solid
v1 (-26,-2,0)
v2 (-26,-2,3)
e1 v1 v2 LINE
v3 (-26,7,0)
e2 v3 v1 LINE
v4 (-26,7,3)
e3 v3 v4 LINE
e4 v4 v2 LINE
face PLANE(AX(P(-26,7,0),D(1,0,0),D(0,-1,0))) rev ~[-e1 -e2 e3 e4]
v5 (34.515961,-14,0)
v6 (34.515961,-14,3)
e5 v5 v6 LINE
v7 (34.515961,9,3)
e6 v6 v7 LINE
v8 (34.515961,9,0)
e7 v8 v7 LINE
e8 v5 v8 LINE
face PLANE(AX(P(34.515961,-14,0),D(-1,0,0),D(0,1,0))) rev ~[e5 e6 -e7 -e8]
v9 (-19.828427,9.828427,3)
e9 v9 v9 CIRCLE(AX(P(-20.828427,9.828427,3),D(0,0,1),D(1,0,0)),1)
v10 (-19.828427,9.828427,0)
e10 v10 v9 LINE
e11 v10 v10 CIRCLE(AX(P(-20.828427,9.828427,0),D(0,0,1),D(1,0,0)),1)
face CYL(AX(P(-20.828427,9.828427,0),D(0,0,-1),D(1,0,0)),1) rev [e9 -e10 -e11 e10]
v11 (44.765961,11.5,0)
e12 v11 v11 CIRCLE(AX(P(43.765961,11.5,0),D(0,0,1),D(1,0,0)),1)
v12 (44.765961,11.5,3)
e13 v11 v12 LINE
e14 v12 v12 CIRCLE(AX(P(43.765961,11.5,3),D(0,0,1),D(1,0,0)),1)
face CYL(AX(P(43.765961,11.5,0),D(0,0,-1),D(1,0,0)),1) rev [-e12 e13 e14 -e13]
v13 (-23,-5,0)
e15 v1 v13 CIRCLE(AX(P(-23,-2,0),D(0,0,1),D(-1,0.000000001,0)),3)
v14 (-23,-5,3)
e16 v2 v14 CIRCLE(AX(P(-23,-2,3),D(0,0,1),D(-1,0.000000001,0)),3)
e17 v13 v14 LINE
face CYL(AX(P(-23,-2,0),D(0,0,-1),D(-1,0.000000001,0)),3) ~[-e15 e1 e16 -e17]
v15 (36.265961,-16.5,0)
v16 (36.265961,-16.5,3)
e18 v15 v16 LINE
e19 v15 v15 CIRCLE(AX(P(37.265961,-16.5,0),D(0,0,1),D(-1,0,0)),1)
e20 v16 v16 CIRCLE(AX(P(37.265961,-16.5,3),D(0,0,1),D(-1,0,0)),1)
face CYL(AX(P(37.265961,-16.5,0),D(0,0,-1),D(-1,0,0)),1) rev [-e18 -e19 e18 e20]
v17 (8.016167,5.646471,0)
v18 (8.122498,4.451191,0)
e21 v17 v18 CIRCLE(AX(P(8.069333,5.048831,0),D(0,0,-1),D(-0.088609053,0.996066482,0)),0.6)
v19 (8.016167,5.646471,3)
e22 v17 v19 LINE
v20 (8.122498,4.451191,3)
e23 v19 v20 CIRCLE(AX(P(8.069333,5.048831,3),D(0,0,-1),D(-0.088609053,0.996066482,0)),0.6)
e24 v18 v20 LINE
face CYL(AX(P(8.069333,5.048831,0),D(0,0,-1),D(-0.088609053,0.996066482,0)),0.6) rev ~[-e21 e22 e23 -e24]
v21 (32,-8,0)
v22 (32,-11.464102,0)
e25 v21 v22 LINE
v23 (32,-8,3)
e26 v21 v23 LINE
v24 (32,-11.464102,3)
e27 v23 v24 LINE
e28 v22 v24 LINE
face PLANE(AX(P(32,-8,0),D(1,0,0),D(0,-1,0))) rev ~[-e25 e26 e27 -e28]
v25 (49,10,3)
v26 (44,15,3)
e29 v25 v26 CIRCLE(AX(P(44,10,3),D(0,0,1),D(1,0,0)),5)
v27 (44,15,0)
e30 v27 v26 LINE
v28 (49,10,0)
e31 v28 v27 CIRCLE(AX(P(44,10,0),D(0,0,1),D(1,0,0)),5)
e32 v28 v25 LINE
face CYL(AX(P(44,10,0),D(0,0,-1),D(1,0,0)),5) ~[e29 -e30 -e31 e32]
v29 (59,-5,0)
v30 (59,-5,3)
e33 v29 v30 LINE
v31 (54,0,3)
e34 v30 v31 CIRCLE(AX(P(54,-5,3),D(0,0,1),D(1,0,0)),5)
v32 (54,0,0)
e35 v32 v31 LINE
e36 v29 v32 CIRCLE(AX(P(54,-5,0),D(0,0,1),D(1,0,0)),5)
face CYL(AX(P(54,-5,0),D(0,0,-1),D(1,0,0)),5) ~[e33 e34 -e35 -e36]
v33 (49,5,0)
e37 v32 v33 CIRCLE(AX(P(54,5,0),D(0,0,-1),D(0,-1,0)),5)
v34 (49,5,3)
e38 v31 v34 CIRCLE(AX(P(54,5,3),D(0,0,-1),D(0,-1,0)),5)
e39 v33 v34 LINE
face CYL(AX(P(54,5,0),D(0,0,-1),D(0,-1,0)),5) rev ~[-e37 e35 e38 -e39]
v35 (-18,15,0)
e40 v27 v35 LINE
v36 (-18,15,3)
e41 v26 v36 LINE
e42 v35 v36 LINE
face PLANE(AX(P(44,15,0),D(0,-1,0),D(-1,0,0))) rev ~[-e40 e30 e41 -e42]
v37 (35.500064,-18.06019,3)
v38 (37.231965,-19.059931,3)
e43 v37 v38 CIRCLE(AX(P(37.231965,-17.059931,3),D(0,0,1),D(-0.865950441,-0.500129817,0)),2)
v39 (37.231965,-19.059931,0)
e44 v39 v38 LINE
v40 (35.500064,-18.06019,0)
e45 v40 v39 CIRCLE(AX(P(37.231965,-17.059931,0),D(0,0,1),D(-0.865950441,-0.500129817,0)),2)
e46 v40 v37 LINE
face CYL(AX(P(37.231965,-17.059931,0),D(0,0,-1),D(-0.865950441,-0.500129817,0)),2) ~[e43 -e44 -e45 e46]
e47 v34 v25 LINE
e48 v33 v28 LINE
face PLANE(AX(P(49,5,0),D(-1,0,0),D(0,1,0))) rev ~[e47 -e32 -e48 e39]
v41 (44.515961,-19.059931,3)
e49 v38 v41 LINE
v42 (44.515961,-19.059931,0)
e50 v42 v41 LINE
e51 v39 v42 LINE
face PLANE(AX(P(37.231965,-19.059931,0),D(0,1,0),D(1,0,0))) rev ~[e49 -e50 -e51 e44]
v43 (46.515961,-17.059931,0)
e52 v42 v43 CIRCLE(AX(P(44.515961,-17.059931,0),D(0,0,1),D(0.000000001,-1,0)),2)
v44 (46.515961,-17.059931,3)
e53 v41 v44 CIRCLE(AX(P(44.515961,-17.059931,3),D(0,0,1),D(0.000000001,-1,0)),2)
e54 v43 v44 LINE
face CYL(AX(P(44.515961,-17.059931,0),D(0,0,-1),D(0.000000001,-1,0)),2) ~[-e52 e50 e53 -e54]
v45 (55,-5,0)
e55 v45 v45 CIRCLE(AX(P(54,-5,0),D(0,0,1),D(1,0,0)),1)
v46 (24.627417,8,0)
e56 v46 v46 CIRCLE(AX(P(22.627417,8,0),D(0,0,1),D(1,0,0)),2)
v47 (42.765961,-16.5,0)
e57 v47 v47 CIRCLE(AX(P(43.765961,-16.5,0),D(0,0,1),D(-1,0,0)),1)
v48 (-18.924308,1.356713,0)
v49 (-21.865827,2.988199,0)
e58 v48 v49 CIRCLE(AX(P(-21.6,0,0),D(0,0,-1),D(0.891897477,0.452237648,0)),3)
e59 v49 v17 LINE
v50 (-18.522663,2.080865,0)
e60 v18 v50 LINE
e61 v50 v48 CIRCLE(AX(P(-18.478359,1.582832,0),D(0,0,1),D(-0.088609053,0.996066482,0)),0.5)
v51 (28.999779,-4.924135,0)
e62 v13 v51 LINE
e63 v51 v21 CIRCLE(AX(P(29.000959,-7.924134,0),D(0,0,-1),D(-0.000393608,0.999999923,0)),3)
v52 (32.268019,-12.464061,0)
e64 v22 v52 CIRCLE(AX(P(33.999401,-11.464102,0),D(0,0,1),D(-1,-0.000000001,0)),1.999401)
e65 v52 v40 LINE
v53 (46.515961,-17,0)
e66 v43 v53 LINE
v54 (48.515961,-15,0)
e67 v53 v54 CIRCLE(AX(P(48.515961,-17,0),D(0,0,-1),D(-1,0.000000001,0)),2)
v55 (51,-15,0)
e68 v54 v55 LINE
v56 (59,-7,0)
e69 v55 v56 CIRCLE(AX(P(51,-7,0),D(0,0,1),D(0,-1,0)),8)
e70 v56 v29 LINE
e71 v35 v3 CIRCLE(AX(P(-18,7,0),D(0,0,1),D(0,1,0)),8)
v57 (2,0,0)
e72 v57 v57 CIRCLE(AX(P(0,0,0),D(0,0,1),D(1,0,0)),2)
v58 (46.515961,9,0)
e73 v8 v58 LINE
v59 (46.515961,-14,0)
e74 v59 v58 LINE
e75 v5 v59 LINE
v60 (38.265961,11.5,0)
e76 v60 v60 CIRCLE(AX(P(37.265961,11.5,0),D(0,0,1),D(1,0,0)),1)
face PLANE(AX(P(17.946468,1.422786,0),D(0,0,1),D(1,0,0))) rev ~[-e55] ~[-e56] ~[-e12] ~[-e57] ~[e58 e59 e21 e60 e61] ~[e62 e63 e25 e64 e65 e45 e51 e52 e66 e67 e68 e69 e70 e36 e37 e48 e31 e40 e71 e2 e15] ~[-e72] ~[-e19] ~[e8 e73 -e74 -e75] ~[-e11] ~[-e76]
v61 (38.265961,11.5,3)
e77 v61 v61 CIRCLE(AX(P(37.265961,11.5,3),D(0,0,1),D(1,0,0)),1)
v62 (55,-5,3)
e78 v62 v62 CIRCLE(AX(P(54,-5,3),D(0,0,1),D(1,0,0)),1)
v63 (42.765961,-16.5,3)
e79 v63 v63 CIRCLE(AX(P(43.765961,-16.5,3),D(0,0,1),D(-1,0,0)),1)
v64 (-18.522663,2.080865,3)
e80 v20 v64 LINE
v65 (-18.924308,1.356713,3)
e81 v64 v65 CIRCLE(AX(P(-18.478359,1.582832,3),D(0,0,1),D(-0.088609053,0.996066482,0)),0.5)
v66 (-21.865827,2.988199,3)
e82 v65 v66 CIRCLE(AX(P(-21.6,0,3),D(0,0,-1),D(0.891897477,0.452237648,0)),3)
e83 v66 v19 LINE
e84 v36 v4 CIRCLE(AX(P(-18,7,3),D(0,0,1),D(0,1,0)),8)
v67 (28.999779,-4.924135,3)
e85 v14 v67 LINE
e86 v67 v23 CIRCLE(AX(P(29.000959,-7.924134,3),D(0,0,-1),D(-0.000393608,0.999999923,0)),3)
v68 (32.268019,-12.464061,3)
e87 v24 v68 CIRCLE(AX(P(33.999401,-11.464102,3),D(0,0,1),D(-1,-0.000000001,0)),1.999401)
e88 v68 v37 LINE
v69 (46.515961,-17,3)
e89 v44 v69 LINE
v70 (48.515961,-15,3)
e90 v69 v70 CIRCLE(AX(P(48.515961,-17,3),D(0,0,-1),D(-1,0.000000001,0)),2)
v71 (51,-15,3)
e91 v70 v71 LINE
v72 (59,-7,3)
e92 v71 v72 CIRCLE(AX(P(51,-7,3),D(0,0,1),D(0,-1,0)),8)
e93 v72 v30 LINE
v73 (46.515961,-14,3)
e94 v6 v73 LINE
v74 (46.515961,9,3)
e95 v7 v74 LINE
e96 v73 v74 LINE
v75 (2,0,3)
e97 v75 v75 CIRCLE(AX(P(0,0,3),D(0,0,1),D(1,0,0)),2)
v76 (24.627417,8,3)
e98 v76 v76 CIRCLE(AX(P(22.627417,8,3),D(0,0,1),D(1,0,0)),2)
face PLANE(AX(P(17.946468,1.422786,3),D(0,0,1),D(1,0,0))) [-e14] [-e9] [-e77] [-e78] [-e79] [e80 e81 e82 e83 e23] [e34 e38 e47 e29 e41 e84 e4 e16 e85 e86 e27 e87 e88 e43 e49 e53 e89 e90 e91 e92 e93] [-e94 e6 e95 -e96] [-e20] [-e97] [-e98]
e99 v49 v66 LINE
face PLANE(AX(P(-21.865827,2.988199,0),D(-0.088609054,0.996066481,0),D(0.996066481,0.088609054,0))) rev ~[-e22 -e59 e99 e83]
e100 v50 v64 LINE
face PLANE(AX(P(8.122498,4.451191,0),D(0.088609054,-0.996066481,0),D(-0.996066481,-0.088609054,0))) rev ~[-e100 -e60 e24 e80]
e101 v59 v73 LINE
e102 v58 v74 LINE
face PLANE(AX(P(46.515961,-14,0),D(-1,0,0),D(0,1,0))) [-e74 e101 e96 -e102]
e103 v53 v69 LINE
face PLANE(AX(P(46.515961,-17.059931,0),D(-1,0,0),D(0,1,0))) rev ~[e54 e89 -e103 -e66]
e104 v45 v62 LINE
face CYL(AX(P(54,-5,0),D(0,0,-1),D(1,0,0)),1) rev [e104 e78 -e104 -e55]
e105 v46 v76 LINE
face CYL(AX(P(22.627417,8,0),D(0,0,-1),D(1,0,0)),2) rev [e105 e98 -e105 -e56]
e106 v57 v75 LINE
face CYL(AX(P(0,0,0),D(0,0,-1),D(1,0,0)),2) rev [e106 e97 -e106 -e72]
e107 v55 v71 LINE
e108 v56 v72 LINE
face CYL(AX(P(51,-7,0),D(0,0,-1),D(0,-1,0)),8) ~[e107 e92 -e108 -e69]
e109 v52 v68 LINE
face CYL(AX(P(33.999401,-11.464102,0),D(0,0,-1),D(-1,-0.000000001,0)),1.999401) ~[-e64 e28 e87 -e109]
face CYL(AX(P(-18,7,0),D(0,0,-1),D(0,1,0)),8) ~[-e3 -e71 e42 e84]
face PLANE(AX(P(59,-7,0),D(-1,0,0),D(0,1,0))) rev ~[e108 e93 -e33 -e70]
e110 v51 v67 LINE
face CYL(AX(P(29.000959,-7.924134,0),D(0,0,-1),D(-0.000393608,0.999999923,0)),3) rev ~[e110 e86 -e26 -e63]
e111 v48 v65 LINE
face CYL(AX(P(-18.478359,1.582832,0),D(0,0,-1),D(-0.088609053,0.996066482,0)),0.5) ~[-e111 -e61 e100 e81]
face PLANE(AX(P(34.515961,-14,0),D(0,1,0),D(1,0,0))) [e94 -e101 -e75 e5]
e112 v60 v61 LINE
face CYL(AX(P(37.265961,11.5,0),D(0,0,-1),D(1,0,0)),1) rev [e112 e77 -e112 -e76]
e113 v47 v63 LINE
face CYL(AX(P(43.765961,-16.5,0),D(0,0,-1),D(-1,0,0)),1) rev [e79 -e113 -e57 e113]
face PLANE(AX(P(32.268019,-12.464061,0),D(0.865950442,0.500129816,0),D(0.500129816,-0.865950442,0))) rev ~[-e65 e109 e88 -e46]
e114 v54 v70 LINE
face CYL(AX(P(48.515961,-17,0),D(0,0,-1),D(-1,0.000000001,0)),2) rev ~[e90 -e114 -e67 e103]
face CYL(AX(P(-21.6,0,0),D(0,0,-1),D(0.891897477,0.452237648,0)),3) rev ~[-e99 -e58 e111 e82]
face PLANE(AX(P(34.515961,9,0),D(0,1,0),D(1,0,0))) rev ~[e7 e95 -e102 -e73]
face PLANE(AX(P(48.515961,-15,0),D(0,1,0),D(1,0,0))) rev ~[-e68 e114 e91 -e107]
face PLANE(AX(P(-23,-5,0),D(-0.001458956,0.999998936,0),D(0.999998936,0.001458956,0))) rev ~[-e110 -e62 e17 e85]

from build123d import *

# Parameters (mm, degrees)
SKETCH_1_R      = 1
SKETCH_1_R_2    = 2
SKETCH_1_W      = 12
SKETCH_1_H      = 23
EXTRUDE_1_DEPTH = 3


with BuildPart() as part:
    # 草图1 → 凸台-拉伸1 (new body)
    with BuildSketch(Plane.XY):
        with BuildLine():
            Line((32, -8), (32, -11.464101615))
            ThreePointArc((32, -11.464101615), (32.068166714, -11.981729308), (32.268018761, -12.464061443))
            Line((32.268018761, -12.464061443), (35.500063979, -18.060190477))
            ThreePointArc((35.500063979, -18.060190477), (36.232094687, -18.7920566), (37.231964862, -19.059930845))
            Line((37.231964862, -19.059930845), (44.515960818, -19.059930845))
            ThreePointArc((44.515960818, -19.059930845), (45.93017438, -18.474144407), (46.515960818, -17.059930845))
            Line((46.515960818, -17.059930845), (46.515960818, -17))
            ThreePointArc((46.515960818, -17), (47.101747256, -15.585786438), (48.515960818, -15))
            Line((48.515960818, -15), (51, -15))
            ThreePointArc((51, -15), (56.656854249, -12.656854249), (59, -7))
            Line((59, -7), (59, -5))
            ThreePointArc((59, -5), (57.535533906, -1.464466094), (54, 0))
            ThreePointArc((54, 0), (50.464466094, 1.464466094), (49, 5))
            Line((49, 5), (49, 10))
            ThreePointArc((49, 10), (47.535533906, 13.535533906), (44, 15))
            Line((44, 15), (-18, 15))
            ThreePointArc((-18, 15), (-23.656854249, 12.656854249), (-26, 7))
            Line((-26, 7), (-26, -2))
            ThreePointArc((-26, -2), (-25.121320344, -4.121320344), (-23, -5))
            Line((-23, -5), (28.999778597, -4.924134531))
            ThreePointArc((28.999778597, -4.924134531), (31.148522662, -5.829385596), (32, -8))
        make_face()
        with Locations((-20.828427125, 9.828427125)):
            Circle(SKETCH_1_R, mode=Mode.SUBTRACT)
        Circle(SKETCH_1_R_2, mode=Mode.SUBTRACT)
        with Locations((22.627416998, 8)):
            Circle(SKETCH_1_R_2, mode=Mode.SUBTRACT)
        with Locations((37.265960818, 11.5)):
            Circle(SKETCH_1_R, mode=Mode.SUBTRACT)
        with Locations((43.765960818, 11.5)):
            Circle(SKETCH_1_R, mode=Mode.SUBTRACT)
        with Locations((54, -5)):
            Circle(SKETCH_1_R, mode=Mode.SUBTRACT)
        with Locations(Location((43.765960818, -16.5, 0), (0, 0, 180))):
            Circle(SKETCH_1_R, mode=Mode.SUBTRACT)
        with Locations(Location((37.265960818, -16.5, 0), (0, 0, 180))):
            Circle(SKETCH_1_R, mode=Mode.SUBTRACT)
        with Locations((40.515960818, -2.5)):
            Rectangle(SKETCH_1_W, SKETCH_1_H, mode=Mode.SUBTRACT)
        with BuildLine():
            Line((-21.865827163, 2.988199444), (8.016167282, 5.646471071))
            ThreePointArc((8.016167282, 5.646471071), (8.666972603, 5.101996614), (8.122498147, 4.451191293))
            Line((8.122498147, 4.451191293), (-18.522663358, 2.08086501))
            ThreePointArc((-18.522663358, 2.08086501), (-18.915607181, 1.825347502), (-18.924307569, 1.356712945))
            ThreePointArc((-18.924307569, 1.356712945), (-23.055094396, -2.623490099), (-21.865827163, 2.988199444))
        make_face(mode=Mode.SUBTRACT)
    extrude(amount=EXTRUDE_1_DEPTH)


solid = part.part
